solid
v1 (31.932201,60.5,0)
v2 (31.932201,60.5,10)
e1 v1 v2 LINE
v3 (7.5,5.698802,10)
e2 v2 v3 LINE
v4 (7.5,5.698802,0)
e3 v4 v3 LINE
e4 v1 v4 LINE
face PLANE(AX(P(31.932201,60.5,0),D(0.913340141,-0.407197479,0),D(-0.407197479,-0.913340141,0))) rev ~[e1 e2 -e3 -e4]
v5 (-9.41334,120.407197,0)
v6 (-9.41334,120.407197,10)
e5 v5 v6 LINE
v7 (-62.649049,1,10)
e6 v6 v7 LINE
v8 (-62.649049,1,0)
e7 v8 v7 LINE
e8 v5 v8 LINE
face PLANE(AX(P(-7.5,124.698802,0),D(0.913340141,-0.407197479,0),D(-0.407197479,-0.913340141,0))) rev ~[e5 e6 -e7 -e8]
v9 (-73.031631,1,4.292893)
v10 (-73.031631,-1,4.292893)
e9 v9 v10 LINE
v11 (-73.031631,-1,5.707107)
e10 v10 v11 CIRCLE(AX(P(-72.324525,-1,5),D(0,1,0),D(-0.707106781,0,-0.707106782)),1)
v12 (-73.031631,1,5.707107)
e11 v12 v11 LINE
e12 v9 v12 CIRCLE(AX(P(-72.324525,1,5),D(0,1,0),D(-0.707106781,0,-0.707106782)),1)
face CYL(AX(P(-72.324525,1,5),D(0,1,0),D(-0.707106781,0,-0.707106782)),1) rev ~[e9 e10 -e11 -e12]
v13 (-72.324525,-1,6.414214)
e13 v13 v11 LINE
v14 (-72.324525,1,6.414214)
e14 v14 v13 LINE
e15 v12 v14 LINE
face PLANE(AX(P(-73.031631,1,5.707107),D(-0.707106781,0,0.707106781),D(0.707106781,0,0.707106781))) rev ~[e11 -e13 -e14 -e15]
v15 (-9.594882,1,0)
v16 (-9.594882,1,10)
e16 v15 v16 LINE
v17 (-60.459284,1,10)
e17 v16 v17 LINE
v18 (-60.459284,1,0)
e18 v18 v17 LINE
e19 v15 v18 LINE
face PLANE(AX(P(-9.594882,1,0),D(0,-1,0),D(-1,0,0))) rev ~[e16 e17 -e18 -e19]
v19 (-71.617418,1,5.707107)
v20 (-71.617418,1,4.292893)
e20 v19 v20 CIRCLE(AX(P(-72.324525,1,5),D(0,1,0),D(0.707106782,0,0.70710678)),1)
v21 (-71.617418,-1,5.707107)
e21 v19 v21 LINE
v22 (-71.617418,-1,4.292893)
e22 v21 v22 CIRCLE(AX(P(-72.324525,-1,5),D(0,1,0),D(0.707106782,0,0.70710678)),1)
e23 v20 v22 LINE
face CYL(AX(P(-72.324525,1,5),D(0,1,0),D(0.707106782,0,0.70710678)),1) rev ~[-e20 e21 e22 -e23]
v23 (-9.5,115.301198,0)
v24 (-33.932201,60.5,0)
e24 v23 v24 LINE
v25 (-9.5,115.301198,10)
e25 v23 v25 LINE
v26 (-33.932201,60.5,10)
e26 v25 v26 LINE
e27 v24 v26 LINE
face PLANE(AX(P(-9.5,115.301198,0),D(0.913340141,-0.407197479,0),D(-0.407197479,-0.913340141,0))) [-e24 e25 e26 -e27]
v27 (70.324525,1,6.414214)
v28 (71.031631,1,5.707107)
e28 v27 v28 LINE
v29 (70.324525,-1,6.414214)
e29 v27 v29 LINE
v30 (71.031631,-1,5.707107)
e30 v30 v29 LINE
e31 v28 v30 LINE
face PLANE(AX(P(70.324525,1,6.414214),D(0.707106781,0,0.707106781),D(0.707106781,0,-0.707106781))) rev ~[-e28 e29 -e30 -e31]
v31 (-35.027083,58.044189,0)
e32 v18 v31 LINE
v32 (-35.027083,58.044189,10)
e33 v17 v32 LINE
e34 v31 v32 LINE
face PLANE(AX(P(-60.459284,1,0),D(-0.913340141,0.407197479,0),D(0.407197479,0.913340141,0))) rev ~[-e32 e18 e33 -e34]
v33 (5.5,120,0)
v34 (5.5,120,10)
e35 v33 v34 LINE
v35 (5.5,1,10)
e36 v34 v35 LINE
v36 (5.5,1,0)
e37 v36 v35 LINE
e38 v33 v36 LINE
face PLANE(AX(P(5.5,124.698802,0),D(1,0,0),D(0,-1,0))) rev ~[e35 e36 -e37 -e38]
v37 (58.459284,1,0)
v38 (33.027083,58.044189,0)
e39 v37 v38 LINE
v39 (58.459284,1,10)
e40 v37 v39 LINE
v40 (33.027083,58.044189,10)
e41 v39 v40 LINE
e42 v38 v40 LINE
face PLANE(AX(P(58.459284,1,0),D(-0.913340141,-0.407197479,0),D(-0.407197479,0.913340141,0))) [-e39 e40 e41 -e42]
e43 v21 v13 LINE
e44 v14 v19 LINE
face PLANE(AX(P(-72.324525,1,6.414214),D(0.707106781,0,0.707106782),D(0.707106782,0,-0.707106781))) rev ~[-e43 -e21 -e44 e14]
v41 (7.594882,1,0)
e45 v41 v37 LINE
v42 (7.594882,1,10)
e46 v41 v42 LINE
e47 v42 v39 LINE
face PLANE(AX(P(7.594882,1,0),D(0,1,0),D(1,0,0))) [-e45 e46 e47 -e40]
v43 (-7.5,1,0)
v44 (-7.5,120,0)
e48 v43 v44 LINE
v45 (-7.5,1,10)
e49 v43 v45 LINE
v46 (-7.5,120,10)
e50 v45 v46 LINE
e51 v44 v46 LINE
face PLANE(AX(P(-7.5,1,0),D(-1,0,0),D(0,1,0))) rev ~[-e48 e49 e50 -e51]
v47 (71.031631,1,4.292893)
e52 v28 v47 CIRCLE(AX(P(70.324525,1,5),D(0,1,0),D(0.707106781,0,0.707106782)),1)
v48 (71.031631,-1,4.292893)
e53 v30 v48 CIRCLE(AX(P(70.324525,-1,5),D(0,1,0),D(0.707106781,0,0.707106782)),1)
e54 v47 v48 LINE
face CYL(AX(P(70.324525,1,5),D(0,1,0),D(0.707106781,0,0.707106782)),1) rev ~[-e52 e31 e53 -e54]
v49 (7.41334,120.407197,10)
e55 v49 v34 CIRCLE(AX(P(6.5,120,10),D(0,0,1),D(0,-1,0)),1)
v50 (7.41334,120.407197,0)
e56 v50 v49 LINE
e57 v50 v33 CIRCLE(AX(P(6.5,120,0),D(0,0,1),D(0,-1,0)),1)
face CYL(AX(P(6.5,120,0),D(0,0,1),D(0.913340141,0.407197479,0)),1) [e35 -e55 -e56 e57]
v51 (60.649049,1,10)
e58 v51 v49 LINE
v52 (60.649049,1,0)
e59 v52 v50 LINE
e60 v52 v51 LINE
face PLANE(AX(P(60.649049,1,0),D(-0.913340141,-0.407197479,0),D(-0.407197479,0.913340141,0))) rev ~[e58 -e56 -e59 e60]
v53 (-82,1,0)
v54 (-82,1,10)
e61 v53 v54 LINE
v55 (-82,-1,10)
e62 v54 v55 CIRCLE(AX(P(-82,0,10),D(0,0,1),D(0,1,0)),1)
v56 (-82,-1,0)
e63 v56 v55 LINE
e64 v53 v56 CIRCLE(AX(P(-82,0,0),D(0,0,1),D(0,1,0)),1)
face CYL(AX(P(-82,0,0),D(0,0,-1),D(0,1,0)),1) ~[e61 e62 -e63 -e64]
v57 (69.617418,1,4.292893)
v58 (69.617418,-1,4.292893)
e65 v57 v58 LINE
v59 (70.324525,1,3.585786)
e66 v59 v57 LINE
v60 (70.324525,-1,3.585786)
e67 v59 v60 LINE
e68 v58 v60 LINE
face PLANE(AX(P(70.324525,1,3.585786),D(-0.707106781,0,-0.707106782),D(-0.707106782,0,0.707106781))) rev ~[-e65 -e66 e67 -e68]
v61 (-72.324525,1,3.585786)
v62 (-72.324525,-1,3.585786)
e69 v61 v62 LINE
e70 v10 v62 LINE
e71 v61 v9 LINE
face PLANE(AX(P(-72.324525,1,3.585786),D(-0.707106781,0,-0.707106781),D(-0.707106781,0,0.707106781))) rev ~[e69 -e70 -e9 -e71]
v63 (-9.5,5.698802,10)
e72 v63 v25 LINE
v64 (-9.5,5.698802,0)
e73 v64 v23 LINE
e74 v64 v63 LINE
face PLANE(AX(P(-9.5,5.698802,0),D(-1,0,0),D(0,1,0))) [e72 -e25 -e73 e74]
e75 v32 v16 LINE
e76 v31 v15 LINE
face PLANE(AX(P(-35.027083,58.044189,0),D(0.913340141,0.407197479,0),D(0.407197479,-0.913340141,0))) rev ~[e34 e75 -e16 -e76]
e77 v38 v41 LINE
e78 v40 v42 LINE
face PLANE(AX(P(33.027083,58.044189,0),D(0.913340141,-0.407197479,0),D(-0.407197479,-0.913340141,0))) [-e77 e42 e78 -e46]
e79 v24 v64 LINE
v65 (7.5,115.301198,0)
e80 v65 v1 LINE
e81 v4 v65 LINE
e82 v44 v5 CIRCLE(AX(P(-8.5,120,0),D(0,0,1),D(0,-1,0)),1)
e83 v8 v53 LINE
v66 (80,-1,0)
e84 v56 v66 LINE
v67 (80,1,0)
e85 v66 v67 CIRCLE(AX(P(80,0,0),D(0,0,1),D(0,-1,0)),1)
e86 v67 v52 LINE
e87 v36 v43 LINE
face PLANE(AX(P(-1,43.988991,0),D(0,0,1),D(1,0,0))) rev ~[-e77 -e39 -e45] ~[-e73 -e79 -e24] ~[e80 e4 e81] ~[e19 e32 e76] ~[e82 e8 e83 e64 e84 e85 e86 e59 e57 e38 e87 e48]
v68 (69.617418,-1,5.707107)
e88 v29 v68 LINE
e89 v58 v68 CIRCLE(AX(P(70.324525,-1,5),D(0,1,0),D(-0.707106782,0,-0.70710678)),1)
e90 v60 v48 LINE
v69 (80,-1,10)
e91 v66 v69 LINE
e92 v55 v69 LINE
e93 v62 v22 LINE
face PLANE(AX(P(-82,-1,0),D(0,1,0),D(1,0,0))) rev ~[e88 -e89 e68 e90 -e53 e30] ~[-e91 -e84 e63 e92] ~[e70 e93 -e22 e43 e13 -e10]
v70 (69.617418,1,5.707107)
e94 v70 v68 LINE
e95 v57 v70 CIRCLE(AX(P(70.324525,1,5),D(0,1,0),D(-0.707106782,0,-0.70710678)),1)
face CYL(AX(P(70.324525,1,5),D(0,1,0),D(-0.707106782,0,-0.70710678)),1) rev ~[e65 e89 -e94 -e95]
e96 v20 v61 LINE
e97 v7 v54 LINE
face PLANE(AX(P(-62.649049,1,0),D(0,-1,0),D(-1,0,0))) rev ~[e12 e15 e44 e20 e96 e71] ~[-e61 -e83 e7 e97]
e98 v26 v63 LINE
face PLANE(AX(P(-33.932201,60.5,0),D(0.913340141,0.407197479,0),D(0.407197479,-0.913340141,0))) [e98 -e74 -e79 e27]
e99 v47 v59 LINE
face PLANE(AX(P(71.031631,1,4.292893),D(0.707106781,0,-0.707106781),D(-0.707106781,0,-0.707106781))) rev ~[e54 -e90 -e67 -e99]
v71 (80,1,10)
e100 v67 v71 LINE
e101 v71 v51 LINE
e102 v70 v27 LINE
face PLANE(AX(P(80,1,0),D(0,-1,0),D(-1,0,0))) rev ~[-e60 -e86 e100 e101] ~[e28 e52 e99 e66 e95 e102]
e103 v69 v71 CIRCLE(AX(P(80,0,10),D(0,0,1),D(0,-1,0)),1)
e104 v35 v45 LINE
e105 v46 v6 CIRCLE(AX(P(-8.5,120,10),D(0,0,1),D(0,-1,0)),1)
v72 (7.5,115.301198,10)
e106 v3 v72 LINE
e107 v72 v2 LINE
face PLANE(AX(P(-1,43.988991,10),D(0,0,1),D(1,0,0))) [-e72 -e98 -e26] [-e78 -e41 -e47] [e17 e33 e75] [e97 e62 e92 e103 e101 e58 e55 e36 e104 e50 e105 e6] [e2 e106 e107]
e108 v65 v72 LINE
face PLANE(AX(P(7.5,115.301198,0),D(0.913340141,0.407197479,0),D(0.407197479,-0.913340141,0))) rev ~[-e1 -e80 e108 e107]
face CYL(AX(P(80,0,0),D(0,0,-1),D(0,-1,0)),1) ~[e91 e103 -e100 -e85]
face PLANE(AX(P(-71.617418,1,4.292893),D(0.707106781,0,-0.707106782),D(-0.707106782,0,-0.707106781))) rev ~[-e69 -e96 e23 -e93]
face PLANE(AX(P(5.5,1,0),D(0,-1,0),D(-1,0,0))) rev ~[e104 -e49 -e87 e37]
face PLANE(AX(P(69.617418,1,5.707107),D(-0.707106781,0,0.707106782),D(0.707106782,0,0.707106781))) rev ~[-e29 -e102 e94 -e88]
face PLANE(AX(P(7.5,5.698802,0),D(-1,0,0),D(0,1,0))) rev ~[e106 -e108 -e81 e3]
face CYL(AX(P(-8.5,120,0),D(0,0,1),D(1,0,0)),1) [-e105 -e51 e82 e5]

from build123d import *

# Parameters (mm, degrees)
BOSS_EXTRUDE1_DEPTH = 10
CUT_EXTRUDE1_REACH  = 151.3
FILLET1_R           = 1
FILLET2_R           = 1


with BuildPart() as part:
    # Sketch2 → Boss-Extrude1 (new body)
    with BuildSketch(Plane.XY):
        with BuildLine():
            Line((0, -1), (60, -1))
            Line((60, -1), (80, -1))
            ThreePointArc((80, -1), (81, 0), (80, 1))
            Line((80, 1), (60.649049017, 1))
            Line((60.649049017, 1), (5.5, 124.698801533))
            Line((5.5, 124.698801533), (5.5, 1))
            Line((5.5, 1), (0, 1))
            Line((0, 1), (-2, 1))
            Line((-2, 1), (-7.5, 1))
            Line((-7.5, 1), (-7.5, 124.698801533))
            Line((-7.5, 124.698801533), (-62.649049017, 1))
            Line((-62.649049017, 1), (-82, 1))
            ThreePointArc((-82, 1), (-83, 0), (-82, -1))
            Line((-82, -1), (-62, -1))
            Line((-62, -1), (-2, -1))
            Line((-2, -1), (0, -1))
        make_face()
        Polygon((7.59488235, 1), (58.459284316, 1), (33.027083333, 58.044189121), align=None, mode=Mode.SUBTRACT)
        Polygon((31.932200983, 60.5), (7.5, 5.698801533), (7.5, 115.301198467), align=None, mode=Mode.SUBTRACT)
        Polygon((-35.027083333, 58.044189121), (-9.59488235, 1), (-60.459284316, 1), align=None, mode=Mode.SUBTRACT)
        Polygon((-9.5, 115.301198467), (-33.932200983, 60.5), (-9.5, 5.698801533), align=None, mode=Mode.SUBTRACT)
    extrude(amount=BOSS_EXTRUDE1_DEPTH)

    # Sketch3 → Cut-Extrude1 (cut, up to next)
    with BuildSketch(Plane(origin=(0, 1, 0), x_dir=(1, 0, 0), z_dir=(0, 1, 0)), mode=Mode.PRIVATE) as cut_extrude1_sk1:
        with BuildLine():
            Line((-72.324524509, -3.585786438), (-73.03163129, -4.292893219))
            ThreePointArc((-73.03163129, -4.292893219), (-73.324524509, -5), (-73.03163129, -5.707106781))
            Line((-73.03163129, -5.707106781), (-72.324524509, -6.414213562))
            Line((-72.324524509, -6.414213562), (-71.617417727, -5.707106781))
            ThreePointArc((-71.617417727, -5.707106781), (-71.324524509, -5), (-71.617417727, -4.292893219))
            Line((-71.617417727, -4.292893219), (-72.324524509, -3.585786438))
        make_face()
    cut_extrude1_tool1 = extrude(cut_extrude1_sk1.sketch, amount=-CUT_EXTRUDE1_REACH, mode=Mode.PRIVATE) & part.part
    # Sketch3 → Cut-Extrude1 (cut, up to next)
    with BuildSketch(Plane(origin=(0, 1, 0), x_dir=(1, 0, 0), z_dir=(0, 1, 0)), mode=Mode.PRIVATE) as cut_extrude1_sk2:
        with BuildLine():
            Line((69.617417727, -5.707106781), (70.324524509, -6.414213562))
            Line((70.324524509, -6.414213562), (71.03163129, -5.707106781))
            ThreePointArc((71.03163129, -5.707106781), (71.324524509, -5), (71.03163129, -4.292893219))
            Line((71.03163129, -4.292893219), (70.324524509, -3.585786438))
            Line((70.324524509, -3.585786438), (69.617417727, -4.292893219))
            ThreePointArc((69.617417727, -4.292893219), (69.324524509, -5), (69.617417727, -5.707106781))
        make_face()
    cut_extrude1_tool2 = extrude(cut_extrude1_sk2.sketch, amount=-CUT_EXTRUDE1_REACH, mode=Mode.PRIVATE) & part.part
    add(cut_extrude1_tool1.solids().sort_by_distance((-72.324525, 1, 5))[0], mode=Mode.SUBTRACT)
    add(cut_extrude1_tool2.solids().sort_by_distance((70.324525, 1, 5))[0], mode=Mode.SUBTRACT)

    # Fillet1
    fillet1_edges = [part.edges().sort_by_distance(p)[0] for p in [
        (5.5, 124.698801533, 5),
    ]]
    fillet(fillet1_edges, radius=FILLET1_R)

    # Fillet2
    fillet2_edges = [part.edges().sort_by_distance(p)[0] for p in [
        (-7.5, 124.698801533, 5),
    ]]
    fillet(fillet2_edges, radius=FILLET2_R)


solid = part.part
